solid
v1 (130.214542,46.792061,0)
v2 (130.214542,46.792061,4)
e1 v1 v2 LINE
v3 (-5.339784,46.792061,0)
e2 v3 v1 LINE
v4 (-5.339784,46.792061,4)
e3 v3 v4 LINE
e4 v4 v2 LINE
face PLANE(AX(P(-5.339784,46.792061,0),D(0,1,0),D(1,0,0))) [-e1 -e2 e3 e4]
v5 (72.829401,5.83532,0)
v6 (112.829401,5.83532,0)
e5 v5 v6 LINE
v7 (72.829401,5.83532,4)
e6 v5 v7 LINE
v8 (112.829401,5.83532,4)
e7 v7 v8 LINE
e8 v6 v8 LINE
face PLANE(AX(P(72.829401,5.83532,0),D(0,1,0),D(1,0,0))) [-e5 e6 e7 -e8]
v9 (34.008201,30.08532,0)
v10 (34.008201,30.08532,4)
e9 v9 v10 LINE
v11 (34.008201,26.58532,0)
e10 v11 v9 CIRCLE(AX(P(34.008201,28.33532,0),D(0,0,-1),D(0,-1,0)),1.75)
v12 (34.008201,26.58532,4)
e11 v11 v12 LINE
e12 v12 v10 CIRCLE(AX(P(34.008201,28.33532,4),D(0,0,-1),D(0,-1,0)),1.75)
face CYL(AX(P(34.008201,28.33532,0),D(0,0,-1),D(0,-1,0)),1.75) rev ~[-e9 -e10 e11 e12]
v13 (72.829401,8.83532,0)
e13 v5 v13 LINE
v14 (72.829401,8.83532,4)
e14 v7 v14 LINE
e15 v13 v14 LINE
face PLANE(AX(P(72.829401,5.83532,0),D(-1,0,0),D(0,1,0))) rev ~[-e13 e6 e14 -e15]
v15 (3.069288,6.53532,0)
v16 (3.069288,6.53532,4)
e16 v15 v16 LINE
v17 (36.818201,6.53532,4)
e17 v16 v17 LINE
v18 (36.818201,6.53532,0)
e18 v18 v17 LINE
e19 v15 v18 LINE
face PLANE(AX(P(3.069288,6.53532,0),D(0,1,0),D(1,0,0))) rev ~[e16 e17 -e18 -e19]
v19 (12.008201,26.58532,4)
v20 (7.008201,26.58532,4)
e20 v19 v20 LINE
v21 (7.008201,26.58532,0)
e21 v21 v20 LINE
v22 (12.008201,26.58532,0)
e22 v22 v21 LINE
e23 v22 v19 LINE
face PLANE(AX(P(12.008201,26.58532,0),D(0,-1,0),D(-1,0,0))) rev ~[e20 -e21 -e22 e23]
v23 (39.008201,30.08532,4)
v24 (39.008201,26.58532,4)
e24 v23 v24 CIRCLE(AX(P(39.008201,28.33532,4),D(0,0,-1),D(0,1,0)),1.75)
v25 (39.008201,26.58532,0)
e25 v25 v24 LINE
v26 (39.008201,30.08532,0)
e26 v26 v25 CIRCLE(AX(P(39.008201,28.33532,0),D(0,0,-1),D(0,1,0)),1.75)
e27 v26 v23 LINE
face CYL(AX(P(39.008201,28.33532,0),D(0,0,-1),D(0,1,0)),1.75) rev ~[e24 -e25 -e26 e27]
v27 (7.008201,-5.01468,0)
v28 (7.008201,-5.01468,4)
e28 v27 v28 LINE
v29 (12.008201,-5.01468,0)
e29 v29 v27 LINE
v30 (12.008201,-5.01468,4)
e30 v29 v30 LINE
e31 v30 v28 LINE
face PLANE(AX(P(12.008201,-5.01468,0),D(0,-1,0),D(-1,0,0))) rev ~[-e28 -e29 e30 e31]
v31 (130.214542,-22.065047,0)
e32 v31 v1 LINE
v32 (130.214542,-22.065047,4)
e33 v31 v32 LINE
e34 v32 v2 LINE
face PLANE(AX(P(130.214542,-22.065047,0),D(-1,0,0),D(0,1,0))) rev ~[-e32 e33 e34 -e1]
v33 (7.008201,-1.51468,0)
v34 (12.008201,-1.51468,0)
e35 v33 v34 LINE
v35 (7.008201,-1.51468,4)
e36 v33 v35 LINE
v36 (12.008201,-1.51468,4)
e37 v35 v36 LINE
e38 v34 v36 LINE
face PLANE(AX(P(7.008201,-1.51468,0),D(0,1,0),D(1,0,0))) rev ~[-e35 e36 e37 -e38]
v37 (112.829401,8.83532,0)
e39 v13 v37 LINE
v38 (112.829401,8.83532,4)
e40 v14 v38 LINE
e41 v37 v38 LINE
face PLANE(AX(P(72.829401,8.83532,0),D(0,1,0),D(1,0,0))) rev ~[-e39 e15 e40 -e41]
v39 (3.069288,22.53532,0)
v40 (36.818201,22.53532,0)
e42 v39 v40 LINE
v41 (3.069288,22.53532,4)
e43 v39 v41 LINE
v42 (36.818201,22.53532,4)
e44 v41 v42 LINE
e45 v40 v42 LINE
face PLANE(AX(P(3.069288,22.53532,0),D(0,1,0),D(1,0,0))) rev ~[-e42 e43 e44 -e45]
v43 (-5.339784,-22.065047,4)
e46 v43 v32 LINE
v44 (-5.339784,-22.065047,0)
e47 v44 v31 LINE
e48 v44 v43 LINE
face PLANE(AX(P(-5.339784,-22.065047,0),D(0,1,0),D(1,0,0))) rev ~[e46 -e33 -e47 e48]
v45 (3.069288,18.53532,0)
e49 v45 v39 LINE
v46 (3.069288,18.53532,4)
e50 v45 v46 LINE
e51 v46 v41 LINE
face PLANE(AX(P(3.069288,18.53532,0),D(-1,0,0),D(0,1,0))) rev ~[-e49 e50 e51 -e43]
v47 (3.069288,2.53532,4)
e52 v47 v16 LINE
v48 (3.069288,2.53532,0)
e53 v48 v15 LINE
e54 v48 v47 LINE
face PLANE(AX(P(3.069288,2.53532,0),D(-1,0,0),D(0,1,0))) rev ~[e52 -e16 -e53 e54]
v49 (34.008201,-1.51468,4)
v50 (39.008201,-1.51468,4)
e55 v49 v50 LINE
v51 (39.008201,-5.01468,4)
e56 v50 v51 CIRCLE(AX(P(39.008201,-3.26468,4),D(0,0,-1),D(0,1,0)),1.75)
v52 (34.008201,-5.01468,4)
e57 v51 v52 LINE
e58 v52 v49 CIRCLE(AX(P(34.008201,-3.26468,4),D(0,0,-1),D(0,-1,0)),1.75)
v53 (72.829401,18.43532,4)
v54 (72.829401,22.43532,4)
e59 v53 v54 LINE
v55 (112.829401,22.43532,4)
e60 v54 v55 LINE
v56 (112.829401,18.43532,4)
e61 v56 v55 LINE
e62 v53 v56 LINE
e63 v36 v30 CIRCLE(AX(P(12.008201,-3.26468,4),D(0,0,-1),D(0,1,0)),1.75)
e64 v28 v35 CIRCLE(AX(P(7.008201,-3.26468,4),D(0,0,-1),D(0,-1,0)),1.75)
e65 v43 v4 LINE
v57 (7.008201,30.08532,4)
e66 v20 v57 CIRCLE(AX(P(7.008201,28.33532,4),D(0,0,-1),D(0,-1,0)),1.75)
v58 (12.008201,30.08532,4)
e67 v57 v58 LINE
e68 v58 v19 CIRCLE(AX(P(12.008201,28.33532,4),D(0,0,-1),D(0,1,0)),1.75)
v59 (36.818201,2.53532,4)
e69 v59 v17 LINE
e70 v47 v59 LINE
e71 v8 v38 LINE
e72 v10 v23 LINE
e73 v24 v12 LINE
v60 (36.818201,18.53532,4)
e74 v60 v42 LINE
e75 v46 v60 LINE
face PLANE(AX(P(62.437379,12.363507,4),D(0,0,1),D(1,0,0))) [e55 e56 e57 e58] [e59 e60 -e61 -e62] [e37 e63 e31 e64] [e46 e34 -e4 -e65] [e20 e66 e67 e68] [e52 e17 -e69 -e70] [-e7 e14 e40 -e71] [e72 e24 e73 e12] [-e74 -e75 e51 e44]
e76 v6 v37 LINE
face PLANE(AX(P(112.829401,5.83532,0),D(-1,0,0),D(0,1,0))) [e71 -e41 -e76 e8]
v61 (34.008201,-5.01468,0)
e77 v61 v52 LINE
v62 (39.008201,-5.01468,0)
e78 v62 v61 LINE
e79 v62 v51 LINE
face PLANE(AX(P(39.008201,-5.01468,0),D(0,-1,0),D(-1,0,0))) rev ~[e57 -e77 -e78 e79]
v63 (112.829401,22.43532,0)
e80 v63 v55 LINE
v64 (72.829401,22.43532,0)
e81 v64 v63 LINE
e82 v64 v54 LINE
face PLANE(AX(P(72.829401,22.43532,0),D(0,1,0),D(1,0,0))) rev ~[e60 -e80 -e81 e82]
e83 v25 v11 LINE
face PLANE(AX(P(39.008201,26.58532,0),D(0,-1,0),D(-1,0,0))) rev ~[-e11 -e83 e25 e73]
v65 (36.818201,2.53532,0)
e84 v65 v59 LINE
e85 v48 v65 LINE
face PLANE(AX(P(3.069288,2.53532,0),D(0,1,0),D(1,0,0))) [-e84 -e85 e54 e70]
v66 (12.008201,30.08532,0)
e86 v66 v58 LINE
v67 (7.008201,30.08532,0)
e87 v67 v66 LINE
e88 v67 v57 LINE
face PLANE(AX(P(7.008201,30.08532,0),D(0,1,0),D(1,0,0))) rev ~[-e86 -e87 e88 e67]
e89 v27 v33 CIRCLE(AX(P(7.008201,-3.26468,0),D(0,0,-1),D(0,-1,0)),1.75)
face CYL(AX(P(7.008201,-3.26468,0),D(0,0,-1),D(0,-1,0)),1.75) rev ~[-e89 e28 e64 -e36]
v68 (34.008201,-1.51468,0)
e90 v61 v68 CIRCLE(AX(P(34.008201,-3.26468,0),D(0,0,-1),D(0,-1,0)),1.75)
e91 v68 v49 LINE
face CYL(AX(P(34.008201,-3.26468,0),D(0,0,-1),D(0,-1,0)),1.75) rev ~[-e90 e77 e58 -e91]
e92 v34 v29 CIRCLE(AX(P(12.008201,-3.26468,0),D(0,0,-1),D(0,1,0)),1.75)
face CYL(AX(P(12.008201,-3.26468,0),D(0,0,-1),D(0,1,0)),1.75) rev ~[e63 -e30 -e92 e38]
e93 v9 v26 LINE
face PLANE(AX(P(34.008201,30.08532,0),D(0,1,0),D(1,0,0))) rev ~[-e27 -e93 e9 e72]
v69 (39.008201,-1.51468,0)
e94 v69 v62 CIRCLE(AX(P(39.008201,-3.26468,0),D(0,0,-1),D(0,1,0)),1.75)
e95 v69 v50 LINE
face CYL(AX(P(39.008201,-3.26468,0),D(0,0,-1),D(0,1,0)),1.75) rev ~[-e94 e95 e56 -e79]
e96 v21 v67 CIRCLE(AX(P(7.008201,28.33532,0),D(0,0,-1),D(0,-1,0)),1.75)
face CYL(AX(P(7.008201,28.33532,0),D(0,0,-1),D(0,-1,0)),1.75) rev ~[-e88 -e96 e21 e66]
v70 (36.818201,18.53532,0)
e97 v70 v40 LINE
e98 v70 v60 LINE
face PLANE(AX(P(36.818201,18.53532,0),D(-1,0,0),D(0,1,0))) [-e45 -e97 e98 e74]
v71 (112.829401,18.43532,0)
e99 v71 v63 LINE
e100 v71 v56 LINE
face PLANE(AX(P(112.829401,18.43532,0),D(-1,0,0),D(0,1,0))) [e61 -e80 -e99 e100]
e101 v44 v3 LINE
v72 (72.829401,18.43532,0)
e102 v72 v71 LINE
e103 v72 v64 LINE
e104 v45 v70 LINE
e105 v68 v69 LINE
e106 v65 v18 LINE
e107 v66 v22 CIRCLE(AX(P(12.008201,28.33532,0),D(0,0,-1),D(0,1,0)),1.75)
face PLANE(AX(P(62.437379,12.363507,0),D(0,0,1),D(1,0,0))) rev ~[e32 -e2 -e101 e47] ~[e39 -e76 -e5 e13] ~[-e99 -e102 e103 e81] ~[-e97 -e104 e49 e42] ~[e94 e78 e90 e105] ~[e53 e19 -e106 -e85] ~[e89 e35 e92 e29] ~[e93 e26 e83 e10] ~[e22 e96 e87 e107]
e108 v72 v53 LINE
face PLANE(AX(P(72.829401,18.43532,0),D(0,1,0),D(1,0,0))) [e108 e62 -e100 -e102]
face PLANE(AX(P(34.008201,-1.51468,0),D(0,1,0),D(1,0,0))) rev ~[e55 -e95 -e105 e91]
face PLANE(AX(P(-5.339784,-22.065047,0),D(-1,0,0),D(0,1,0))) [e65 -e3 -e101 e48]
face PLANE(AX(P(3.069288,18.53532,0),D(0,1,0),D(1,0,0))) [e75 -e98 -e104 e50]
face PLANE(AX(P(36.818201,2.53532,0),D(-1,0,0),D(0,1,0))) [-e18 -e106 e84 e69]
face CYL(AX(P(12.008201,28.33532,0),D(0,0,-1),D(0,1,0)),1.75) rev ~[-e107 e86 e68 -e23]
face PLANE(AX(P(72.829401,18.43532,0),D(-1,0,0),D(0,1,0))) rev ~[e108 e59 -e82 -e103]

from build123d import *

# Parameters (mm, degrees)
SKETCH_1_W      = 135.554325902
SKETCH_1_H      = 68.857107744
SKETCH_1_W_2    = 33.748913088
SKETCH_1_H_2    = 4
SKETCH_1_W_3    = 40
SKETCH_1_H_3    = 3
EXTRUDE_1_DEPTH = 4


with BuildPart() as part:
    # 草图1 → 凸台-拉伸1 (new body)
    with BuildSketch(Plane.XY):
        with Locations((62.437378831, 12.363507084)):
            Rectangle(SKETCH_1_W, SKETCH_1_H)
        with BuildLine():
            Line((7.008200879, 30.085320336), (12.008200879, 30.085320336))
            ThreePointArc((12.008200879, 30.085320336), (13.758200879, 28.335320336), (12.008200879, 26.585320336))
            Line((12.008200879, 26.585320336), (7.008200879, 26.585320336))
            ThreePointArc((7.008200879, 26.585320336), (5.258200879, 28.335320336), (7.008200879, 30.085320336))
        make_face(mode=Mode.SUBTRACT)
        with BuildLine():
            Line((39.008200879, 26.585320336), (34.008200879, 26.585320336))
            ThreePointArc((34.008200879, 26.585320336), (32.258200879, 28.335320336), (34.008200879, 30.085320336))
            Line((34.008200879, 30.085320336), (39.008200879, 30.085320336))
            ThreePointArc((39.008200879, 30.085320336), (40.758200879, 28.335320336), (39.008200879, 26.585320336))
        make_face(mode=Mode.SUBTRACT)
        with BuildLine():
            Line((7.008200879, -1.514679664), (12.008200879, -1.514679664))
            ThreePointArc((12.008200879, -1.514679664), (13.758200879, -3.264679664), (12.008200879, -5.014679664))
            Line((12.008200879, -5.014679664), (7.008200879, -5.014679664))
            ThreePointArc((7.008200879, -5.014679664), (5.258200879, -3.264679664), (7.008200879, -1.514679664))
        make_face(mode=Mode.SUBTRACT)
        with Locations((19.943744335, 20.535320336)):
            Rectangle(SKETCH_1_W_2, SKETCH_1_H_2, mode=Mode.SUBTRACT)
        with BuildLine():
            Line((39.008200879, -5.014679664), (34.008200879, -5.014679664))
            ThreePointArc((34.008200879, -5.014679664), (32.258200879, -3.264679664), (34.008200879, -1.514679664))
            Line((34.008200879, -1.514679664), (39.008200879, -1.514679664))
            ThreePointArc((39.008200879, -1.514679664), (40.758200879, -3.264679664), (39.008200879, -5.014679664))
        make_face(mode=Mode.SUBTRACT)
        with Locations((19.943744335, 4.535320336)):
            Rectangle(SKETCH_1_W_2, SKETCH_1_H_2, mode=Mode.SUBTRACT)
        with Locations((92.829401098, 20.435320336)):
            Rectangle(SKETCH_1_W_3, SKETCH_1_H_2, mode=Mode.SUBTRACT)
        with Locations((92.829401098, 7.335320336)):
            Rectangle(SKETCH_1_W_3, SKETCH_1_H_3, mode=Mode.SUBTRACT)
    extrude(amount=EXTRUDE_1_DEPTH)


solid = part.part
